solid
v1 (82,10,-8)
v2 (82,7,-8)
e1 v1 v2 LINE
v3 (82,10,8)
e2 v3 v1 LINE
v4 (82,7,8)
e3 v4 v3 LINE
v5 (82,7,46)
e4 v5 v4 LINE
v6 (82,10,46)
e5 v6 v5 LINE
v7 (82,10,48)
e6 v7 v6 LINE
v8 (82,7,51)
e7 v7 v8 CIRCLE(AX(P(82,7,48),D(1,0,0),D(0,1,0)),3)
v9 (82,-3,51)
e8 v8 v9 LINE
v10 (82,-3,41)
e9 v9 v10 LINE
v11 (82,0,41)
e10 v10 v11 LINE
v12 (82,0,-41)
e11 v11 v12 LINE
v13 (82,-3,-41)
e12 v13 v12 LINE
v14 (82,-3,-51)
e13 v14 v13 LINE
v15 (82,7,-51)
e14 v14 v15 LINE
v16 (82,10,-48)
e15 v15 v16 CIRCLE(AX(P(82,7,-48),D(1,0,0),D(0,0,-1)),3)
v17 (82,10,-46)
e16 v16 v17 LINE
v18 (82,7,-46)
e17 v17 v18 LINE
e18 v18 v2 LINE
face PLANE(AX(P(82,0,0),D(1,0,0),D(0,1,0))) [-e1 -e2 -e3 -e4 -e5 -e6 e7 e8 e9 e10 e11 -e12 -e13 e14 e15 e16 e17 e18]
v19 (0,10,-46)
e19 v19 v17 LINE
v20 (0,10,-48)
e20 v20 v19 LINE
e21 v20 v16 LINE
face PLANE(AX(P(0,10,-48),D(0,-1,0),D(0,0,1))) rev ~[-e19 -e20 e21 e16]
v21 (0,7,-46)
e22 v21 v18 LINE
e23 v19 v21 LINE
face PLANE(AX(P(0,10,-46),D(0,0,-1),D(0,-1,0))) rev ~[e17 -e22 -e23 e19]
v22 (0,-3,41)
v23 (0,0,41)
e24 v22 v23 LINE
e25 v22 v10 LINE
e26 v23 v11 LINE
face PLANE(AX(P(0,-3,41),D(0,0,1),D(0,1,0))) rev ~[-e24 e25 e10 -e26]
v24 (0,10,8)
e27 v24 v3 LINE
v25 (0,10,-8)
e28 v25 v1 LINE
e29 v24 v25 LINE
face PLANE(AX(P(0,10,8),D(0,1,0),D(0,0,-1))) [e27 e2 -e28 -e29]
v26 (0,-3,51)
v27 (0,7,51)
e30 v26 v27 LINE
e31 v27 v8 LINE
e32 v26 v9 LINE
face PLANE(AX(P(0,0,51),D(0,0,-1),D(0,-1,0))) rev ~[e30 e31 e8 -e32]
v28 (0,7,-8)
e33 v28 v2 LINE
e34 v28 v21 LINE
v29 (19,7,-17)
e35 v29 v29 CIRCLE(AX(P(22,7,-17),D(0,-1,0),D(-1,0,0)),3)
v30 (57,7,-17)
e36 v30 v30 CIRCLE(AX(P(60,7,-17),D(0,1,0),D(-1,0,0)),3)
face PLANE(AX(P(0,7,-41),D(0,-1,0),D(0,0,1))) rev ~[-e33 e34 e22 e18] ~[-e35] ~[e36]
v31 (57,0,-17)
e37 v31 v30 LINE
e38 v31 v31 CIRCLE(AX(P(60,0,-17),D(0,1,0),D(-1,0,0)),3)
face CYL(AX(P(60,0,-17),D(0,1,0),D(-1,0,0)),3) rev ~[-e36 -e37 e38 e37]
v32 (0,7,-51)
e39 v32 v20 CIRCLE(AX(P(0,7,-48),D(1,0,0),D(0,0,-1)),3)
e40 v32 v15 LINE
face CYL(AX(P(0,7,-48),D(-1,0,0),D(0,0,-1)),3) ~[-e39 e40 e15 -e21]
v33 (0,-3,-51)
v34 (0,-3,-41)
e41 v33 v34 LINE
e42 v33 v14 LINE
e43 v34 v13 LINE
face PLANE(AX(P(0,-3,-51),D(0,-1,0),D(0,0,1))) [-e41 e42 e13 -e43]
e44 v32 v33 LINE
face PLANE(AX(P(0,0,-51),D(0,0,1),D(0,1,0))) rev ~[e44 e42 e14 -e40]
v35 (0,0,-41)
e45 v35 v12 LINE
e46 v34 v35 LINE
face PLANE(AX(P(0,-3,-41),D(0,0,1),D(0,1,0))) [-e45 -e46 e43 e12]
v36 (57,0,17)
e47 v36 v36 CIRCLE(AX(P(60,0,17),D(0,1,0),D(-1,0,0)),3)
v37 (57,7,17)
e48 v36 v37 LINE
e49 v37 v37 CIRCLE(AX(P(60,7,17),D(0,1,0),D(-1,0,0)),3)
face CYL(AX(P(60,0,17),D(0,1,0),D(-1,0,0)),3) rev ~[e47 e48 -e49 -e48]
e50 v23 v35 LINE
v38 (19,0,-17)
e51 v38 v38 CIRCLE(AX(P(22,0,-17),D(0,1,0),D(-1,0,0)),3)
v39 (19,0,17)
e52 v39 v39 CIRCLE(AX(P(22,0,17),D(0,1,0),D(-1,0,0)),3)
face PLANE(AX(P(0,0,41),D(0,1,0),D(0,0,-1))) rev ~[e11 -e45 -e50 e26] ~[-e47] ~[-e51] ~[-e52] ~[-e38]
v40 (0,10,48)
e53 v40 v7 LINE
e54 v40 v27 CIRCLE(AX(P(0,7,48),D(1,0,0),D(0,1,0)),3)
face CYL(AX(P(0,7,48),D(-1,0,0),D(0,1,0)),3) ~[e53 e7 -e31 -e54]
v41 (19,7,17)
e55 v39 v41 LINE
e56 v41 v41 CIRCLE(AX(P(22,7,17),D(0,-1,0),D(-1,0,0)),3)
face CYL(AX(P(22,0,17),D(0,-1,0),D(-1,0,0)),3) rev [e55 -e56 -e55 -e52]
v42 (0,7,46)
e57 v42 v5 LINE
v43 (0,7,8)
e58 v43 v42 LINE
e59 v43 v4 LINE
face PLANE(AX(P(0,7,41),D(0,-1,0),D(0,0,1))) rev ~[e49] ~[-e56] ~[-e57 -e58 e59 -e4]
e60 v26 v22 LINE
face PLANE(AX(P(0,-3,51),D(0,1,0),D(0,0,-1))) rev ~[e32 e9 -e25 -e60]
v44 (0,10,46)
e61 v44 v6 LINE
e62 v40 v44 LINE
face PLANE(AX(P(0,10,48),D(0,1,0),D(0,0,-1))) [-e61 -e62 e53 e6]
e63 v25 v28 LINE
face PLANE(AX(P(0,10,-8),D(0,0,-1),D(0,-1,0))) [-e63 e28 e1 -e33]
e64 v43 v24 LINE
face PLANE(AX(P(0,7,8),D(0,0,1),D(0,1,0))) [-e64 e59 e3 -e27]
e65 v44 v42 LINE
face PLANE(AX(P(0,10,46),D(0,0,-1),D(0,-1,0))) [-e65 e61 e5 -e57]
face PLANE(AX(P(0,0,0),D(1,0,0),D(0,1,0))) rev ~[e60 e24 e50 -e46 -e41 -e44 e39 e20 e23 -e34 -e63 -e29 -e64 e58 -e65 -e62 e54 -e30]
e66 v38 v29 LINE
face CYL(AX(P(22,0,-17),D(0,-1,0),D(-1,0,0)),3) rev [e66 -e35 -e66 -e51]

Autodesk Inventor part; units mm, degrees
ref_plane "YZ Plane" through (0, 0, 0) normal (1, 0, 0) x (0, 1, 0)
ref_plane "XZ Plane" through (0, 0, 0) normal (0, 1, 0) x (-1, 0, 0)
ref_plane "XY Plane" through (0, 0, 0) normal (0, 0, 1) x (1, 0, 0)
sketch "Sketch1" plane through (0, 0, 0) normal (1, 0, 0) x (0, 1, 0)
  line L0 (7, 51) -> (0, 51)
  line L1 (0, 41) -> (0, -41)
  line L2 (0, -51) -> (7, -51)
  line L3 (7, 51) -> (-3, 51)
  line L4 (-3, 51) -> (-3, 41)
  line L5 (-3, 41) -> (0, 41)
  line L6 (7, 41) -> (7, 51)
  line L7 (7, 51) -> (7, 51)
  line L8 (10, 48) -> (10, 46)
  line L9 (10, 46) -> (7, 46)
  line L10 (7, 46) -> (7, 51)
  line L11 (7, 8) -> (10, 8)
  line L12 (10, 8) -> (10, -8)
  line L13 (10, -8) -> (7, -8)
  line L14 (-3, -41) -> (0, -41)
  line L15 (10, -46) -> (7, -46)
  line L16 (7, -51) -> (-3, -51)
  line L17 (-3, -51) -> (-3, -41)
  line L18 (7, -51) -> (0, -51)
  line L19 (7, -41) -> (7, -46)
  line L20 (7, -51) -> (7, -51)
  line L21 (10, -48) -> (10, -46)
  line L22 (7, -46) -> (7, -8)
  line L23 (7, 8) -> (7, 51)
  arc A0 (10, 48) -> (7, 51) centre (7, 48) ccw
  arc A1 (7, -51) -> (10, -48) centre (7, -48) ccw
  point P0 (0, 0)
  point P1 (10, -51)
  point P2 (0, 51)
  dimension "d10" = 10
  dimension "d11" = 10
  dimension "d13" = 5
  dimension "d15" = 43
  dimension "d16" = 59
  dimension "d17" = 102
  dimension "d18" = 13
  dimension "d19" = 3
  dimension "d20" = 3
extrude "Extrusion1" add sketch "Sketch1" along normal blind 82
sketch "Sketch2" plane through (0, 0, 0) normal (0, 1, 0) x (-1, 0, 0)
  line L0 (0, 51) -> (0, 48) projected
  line L1 (0, 51) -> (0, 17)
  line L2 (0, 41) -> (0, -41) projected
  line L3 (0, 17) -> (-22, 17)
  circle A0 centre (-22, 17) radius 3
  line L4 (0, -41) -> (0, -51) projected
  line L5 (0, -51) -> (0, -17)
  line L6 (0, -17) -> (-22, -17)
  line L7 (0, -41) -> (-82, -41) projected
  line L8 (0, -51) -> (-82, -51) projected
  line L9 (-82, -51) -> (-82, -17)
  line L10 (-82, 41) -> (-82, -41) projected
  line L11 (-82, -17) -> (-60, -17)
  line L12 (-82, 51) -> (-82, 48) projected
  line L13 (-82, 51) -> (-82, 17)
  line L14 (-82, 8) -> (-82, 46) projected
  line L15 (-82, 17) -> (-60, 17)
  circle A1 centre (-22, -17) radius 3
  circle A2 centre (-60, -17) radius 3
  circle A3 centre (-60, 17) radius 3
  point P0 (0, 0)
  dimension "d23" = 34
  dimension "d24" = 22
  dimension "d25" = 6
  dimension "d26" = 34
  dimension "d27" = 22
  dimension "d28" = 34
  dimension "d29" = 22
  dimension "d30" = 34
  dimension "d31" = 22
  dimension "d32" = 6
  dimension "d33" = 6
  dimension "d34" = 6
extrude "Extrusion2" cut sketch "Sketch2" along normal mid plane 62 contours A3 | A2 | A1 | A0
properties material "Polycarbonate, Clear"
